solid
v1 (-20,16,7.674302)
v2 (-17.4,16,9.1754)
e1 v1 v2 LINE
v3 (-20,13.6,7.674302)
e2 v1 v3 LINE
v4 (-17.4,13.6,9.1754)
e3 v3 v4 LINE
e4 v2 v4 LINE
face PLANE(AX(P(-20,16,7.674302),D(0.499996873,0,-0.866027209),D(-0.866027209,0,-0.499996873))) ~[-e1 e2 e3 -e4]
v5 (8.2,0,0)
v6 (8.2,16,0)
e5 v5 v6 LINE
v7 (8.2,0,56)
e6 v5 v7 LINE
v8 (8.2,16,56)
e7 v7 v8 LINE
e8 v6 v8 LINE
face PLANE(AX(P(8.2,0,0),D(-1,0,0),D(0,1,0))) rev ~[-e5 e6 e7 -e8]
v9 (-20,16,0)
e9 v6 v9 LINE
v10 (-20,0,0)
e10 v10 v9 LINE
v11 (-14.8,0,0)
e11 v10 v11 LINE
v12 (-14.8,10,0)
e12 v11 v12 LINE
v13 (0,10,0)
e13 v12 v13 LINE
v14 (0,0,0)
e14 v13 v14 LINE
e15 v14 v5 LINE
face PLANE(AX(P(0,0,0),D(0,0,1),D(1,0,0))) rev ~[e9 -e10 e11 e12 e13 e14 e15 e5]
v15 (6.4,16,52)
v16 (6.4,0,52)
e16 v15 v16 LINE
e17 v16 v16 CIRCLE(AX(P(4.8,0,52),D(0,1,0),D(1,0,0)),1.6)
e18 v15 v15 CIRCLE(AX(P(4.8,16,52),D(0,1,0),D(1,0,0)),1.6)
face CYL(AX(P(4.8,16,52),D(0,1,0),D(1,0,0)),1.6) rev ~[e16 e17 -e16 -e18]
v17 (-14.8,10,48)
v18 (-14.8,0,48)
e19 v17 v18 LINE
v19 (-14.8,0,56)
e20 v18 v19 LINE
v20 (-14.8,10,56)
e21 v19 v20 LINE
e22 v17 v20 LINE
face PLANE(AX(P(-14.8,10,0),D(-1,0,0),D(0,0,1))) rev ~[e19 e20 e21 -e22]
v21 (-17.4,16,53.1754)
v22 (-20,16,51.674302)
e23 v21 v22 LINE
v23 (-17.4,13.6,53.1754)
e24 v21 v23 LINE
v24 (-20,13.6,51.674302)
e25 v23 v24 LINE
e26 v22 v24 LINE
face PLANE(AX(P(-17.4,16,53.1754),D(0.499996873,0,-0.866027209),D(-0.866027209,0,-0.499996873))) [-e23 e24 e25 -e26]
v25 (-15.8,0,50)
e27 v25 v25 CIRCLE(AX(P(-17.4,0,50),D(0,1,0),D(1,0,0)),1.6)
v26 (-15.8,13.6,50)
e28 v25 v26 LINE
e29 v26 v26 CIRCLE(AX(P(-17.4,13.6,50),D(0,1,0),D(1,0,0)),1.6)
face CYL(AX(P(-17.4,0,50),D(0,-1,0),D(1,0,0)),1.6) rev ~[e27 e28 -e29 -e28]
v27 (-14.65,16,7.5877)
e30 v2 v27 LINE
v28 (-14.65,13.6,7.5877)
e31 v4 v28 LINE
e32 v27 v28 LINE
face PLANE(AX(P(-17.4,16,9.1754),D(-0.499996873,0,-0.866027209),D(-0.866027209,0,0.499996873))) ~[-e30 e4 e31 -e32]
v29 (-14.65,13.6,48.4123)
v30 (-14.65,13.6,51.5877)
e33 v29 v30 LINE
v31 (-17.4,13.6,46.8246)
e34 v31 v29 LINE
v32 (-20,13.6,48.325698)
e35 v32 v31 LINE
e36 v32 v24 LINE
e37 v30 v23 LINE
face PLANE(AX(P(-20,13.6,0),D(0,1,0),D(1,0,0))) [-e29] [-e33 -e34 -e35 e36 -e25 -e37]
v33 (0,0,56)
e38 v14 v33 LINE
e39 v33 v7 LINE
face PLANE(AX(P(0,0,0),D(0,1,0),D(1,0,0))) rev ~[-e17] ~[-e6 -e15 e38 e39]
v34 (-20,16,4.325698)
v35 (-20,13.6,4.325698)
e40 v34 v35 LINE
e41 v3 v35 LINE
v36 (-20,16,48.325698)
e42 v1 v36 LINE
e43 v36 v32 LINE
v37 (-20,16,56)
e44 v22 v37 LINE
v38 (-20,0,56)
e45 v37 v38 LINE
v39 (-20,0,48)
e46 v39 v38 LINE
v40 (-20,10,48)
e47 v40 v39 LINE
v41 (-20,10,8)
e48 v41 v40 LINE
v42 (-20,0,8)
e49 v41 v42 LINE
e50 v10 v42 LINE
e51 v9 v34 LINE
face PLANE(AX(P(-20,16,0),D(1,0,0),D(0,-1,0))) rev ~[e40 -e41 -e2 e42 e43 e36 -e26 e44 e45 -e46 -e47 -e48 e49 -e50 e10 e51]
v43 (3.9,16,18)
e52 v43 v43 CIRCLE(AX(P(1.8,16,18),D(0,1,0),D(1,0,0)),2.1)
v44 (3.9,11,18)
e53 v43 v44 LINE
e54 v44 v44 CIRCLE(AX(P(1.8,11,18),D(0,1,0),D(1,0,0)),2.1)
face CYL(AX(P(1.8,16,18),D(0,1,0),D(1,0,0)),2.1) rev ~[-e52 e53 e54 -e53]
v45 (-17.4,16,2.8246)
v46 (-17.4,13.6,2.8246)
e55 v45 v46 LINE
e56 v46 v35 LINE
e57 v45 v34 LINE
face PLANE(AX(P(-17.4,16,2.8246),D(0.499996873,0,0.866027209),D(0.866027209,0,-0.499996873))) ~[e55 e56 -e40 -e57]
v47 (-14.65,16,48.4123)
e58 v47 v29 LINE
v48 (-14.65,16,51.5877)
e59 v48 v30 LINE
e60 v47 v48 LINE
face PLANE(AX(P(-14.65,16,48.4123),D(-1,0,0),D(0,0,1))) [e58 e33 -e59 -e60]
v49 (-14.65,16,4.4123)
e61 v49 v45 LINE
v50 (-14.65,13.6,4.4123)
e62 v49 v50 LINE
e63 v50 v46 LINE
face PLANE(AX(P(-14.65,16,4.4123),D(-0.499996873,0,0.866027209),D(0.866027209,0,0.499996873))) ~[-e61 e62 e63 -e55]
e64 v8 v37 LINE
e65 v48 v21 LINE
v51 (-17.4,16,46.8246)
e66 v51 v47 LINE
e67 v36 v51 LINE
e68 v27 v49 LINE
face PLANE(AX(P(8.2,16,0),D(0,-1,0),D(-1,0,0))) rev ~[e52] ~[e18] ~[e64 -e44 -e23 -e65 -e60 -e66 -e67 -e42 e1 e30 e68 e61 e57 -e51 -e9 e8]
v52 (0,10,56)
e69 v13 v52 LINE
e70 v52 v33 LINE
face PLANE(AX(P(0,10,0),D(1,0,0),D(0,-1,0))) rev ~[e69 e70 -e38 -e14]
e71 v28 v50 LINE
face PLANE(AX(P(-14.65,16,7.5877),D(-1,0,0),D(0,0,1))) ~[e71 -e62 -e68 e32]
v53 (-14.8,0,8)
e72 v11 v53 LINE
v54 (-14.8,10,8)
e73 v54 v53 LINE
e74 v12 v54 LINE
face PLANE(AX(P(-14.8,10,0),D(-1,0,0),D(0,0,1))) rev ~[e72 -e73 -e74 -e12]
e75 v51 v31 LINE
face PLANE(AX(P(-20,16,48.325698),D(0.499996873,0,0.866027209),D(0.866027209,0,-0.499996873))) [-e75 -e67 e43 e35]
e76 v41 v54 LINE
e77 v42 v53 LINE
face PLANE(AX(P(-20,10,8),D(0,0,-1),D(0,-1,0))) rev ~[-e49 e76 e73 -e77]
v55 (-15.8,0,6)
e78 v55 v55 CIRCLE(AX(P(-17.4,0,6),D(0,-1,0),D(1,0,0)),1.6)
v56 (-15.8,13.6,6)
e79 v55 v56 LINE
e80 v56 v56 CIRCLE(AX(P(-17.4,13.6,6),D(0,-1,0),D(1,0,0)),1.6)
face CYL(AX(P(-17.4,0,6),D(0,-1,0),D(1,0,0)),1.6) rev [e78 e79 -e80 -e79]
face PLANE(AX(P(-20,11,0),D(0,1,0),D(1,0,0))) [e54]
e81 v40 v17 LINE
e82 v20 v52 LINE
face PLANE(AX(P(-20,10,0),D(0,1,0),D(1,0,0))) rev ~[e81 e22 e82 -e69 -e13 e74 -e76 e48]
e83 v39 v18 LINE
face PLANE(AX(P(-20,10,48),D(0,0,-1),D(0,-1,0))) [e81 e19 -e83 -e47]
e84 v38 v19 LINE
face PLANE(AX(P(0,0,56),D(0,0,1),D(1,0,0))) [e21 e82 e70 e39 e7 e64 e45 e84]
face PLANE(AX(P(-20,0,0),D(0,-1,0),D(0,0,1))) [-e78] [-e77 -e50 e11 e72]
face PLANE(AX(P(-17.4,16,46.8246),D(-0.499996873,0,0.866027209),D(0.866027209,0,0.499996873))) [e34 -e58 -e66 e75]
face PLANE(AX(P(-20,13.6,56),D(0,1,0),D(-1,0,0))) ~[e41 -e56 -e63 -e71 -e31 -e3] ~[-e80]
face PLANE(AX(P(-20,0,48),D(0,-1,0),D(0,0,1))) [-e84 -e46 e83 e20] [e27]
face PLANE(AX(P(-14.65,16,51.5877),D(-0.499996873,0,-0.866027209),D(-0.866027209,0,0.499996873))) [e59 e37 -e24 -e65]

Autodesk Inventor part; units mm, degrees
ref_plane "YZ Plane" through (0, 0, 0) normal (1, 0, 0) x (0, 1, 0)
ref_plane "XZ Plane" through (0, 0, 0) normal (0, 1, 0) x (-1, 0, 0)
ref_plane "XY Plane" through (0, 0, 0) normal (0, 0, 1) x (1, 0, 0)
sketch "Эскиз1" plane through (0, 0, 0) normal (0, 0, 1) x (1, 0, 0)
  line L0 (0, 0) -> (-20, 0) construction
  line L1 (-20, 0) -> (-20, 10) construction
  line L2 (-20, 10) -> (0, 10) construction
  line L3 (0, 10) -> (0, 0) construction
  line L4 (-20, 0) -> (8.2, 0) construction
  line L5 (8.2, 0) -> (8.2, 16)
  line L6 (8.2, 16) -> (-20, 16)
  line L7 (-20, 16) -> (-20, 0) construction
  line L8 (-20, 16) -> (-20, 10)
  line L9 (-20, 10) -> (0, 10)
  line L10 (0, 10) -> (0, 0)
  line L11 (0, 0) -> (8.2, 0)
  point P0 (-10, 10)
  dimension "d0" = 20
  dimension "d1" = 10
  dimension "d2" = 6
  dimension "d3" = 8.2
extrude "Выдавливание1" add sketch "Эскиз1" along normal blind 56
sketch "Эскиз5" plane through (-20, 10, 0) normal (-1, 0, 0) x (0, 0, 1)
  line L0 (0, 0) -> (56, 0) projected
  line L1 (0, -10) -> (56, -10) projected
  line L2 (56, 0) -> (48, 0)
  line L3 (48, 0) -> (48, -10)
  line L4 (48, -10) -> (56, -10)
  line L5 (56, -10) -> (56, 0)
  line L6 (0, 0) -> (8, 0)
  line L7 (8, 0) -> (8, -10)
  line L8 (8, -10) -> (0, -10)
  line L9 (0, -10) -> (0, 0)
  point P0 (48, 0)
  point P1 (8, -10)
  point P2 (8, 0)
  dimension "d37" = 8
  dimension "d38" = 8
extrude "Выдавливание5" add sketch "Эскиз5" against normal blind 5.2 contours L0 L7 L1 L9 | L0 L5 L1 L3
sketch "Эскиз6" plane through (-20, 0, 48) normal (0, -1, 0) x (1, 0, 0)
  line L0 (0, 0) -> (0, 8) projected
  line L1 (0, 0) -> (5.2, 0) projected
  line L2 (5.2, 8) -> (5.2, 0) projected
  line L3 (0, 8) -> (5.2, 8) projected
  circle A0 centre (2.6, 2) radius 1.6
  line L4 (2.6, 2) -> (5.2, 4)
  line L5 (2.6, 2) -> (0, 4)
  line L6 (0, 0) -> (0, 8) projected
  point P0 (20, -48)
  dimension "d41" = 3.2
  dimension "d45" = 6
extrude "Выдавливание6" cut sketch "Эскиз6" against normal blind 20 contours L5 L4 A0 | A0 L4 L5
sketch "Эскиз7" plane through (-20, 16, 0) normal (0, 1, 0) x (1, 0, 0)
  circle A0 centre (2.6, -50) radius 1.6 projected
  line L0 (5.35, -48.4123) -> (5.35, -51.5877)
  line L1 (5.35, -51.5877) -> (2.6, -53.1754)
  line L2 (2.6, -53.1754) -> (-0.15, -51.5877)
  line L3 (-0.15, -51.5877) -> (-0.15, -48.4123)
  line L4 (-0.15, -48.4123) -> (2.6, -46.8246)
  line L5 (2.6, -46.8246) -> (5.35, -48.4123)
  line L6 (0, 0) -> (0, -56) projected
  point P0 (20, 0)
  point P1 (0, -48.3257)
  point P2 (0, -51.6743)
  dimension "d44" = 5.5
extrude "Выдавливание7" cut sketch "Эскиз7" against normal blind 2.4 contours L0 L1 L2 L6 L4 L5
ref_plane "РабПлоскость1" through (0, 0, 28) normal (0, 0, 1) x (1, 0, 0)
mirror "Зеркальное отражение1" about plane through (0, 0, 28) normal (0, 0, 1) of "Выдавливание6", "Выдавливание7"
sketch "Эскиз8" plane through (-20, 16, 0) normal (0, 1, 0) x (1, 0, 0)
  circle A0 centre (24.8, -52) radius 1.6
  circle A1 centre (24.8, -18) radius 1.6 construction
  line L0 (24.8, -52) -> (24.8, -18)
  line L1 (28.2, 0) -> (28.2, -56) projected
  line L2 (0, -7.6743) -> (0, -48.3257) projected
  line L3 (28.2, -56) -> (0, -56) projected
  point P0 (20, 0)
  dimension "d49" = 3.2
  dimension "d50" = 3.2
  dimension "d51" = 34
  dimension "d52" = 24.8
  dimension "d53" = 4
extrude "Выдавливание8" cut sketch "Эскиз8" against normal blind 56
sketch "Эскиз9" plane through (-20, 16, 0) normal (0, 1, 0) x (1, 0, 0)
  circle A0 centre (9.8, 137.0813) radius 6 projected
  line L0 (15.8, 137.0813) -> (15.8, -29.0562) construction
  circle A1 centre (21.8, -18) radius 6 construction
  circle A2 centre (21.8, -18) radius 2.1
  point P0 (20, 0)
  dimension "d56" = 12
  dimension "d57" = 18
  dimension "d58" = 4.2
extrude "Выдавливание9" cut sketch "Эскиз9" against normal blind 5 contours A2
equation "\"Радиус_гибки\" = Толщина"
equation "\"Ширина_просечки\" = Толщина"
equation "\"Глубина_просечки\" = 0.5 * Толщина"
equation "\"Размер_просечки\" = 4 * Толщина"
equation "\"Мин_остаток\" = 2 * Толщина"
equation "\"Радиус_перехода\" = Радиус_гибки"
equation "\"Радиус_Якоби\" = Радиус_гибки"
equation "\"Размер_зазора\" = Толщина"
equation "\"Толщина\" = 3.048"
properties part number "креп_центр_м2" material "Полипропилен"
